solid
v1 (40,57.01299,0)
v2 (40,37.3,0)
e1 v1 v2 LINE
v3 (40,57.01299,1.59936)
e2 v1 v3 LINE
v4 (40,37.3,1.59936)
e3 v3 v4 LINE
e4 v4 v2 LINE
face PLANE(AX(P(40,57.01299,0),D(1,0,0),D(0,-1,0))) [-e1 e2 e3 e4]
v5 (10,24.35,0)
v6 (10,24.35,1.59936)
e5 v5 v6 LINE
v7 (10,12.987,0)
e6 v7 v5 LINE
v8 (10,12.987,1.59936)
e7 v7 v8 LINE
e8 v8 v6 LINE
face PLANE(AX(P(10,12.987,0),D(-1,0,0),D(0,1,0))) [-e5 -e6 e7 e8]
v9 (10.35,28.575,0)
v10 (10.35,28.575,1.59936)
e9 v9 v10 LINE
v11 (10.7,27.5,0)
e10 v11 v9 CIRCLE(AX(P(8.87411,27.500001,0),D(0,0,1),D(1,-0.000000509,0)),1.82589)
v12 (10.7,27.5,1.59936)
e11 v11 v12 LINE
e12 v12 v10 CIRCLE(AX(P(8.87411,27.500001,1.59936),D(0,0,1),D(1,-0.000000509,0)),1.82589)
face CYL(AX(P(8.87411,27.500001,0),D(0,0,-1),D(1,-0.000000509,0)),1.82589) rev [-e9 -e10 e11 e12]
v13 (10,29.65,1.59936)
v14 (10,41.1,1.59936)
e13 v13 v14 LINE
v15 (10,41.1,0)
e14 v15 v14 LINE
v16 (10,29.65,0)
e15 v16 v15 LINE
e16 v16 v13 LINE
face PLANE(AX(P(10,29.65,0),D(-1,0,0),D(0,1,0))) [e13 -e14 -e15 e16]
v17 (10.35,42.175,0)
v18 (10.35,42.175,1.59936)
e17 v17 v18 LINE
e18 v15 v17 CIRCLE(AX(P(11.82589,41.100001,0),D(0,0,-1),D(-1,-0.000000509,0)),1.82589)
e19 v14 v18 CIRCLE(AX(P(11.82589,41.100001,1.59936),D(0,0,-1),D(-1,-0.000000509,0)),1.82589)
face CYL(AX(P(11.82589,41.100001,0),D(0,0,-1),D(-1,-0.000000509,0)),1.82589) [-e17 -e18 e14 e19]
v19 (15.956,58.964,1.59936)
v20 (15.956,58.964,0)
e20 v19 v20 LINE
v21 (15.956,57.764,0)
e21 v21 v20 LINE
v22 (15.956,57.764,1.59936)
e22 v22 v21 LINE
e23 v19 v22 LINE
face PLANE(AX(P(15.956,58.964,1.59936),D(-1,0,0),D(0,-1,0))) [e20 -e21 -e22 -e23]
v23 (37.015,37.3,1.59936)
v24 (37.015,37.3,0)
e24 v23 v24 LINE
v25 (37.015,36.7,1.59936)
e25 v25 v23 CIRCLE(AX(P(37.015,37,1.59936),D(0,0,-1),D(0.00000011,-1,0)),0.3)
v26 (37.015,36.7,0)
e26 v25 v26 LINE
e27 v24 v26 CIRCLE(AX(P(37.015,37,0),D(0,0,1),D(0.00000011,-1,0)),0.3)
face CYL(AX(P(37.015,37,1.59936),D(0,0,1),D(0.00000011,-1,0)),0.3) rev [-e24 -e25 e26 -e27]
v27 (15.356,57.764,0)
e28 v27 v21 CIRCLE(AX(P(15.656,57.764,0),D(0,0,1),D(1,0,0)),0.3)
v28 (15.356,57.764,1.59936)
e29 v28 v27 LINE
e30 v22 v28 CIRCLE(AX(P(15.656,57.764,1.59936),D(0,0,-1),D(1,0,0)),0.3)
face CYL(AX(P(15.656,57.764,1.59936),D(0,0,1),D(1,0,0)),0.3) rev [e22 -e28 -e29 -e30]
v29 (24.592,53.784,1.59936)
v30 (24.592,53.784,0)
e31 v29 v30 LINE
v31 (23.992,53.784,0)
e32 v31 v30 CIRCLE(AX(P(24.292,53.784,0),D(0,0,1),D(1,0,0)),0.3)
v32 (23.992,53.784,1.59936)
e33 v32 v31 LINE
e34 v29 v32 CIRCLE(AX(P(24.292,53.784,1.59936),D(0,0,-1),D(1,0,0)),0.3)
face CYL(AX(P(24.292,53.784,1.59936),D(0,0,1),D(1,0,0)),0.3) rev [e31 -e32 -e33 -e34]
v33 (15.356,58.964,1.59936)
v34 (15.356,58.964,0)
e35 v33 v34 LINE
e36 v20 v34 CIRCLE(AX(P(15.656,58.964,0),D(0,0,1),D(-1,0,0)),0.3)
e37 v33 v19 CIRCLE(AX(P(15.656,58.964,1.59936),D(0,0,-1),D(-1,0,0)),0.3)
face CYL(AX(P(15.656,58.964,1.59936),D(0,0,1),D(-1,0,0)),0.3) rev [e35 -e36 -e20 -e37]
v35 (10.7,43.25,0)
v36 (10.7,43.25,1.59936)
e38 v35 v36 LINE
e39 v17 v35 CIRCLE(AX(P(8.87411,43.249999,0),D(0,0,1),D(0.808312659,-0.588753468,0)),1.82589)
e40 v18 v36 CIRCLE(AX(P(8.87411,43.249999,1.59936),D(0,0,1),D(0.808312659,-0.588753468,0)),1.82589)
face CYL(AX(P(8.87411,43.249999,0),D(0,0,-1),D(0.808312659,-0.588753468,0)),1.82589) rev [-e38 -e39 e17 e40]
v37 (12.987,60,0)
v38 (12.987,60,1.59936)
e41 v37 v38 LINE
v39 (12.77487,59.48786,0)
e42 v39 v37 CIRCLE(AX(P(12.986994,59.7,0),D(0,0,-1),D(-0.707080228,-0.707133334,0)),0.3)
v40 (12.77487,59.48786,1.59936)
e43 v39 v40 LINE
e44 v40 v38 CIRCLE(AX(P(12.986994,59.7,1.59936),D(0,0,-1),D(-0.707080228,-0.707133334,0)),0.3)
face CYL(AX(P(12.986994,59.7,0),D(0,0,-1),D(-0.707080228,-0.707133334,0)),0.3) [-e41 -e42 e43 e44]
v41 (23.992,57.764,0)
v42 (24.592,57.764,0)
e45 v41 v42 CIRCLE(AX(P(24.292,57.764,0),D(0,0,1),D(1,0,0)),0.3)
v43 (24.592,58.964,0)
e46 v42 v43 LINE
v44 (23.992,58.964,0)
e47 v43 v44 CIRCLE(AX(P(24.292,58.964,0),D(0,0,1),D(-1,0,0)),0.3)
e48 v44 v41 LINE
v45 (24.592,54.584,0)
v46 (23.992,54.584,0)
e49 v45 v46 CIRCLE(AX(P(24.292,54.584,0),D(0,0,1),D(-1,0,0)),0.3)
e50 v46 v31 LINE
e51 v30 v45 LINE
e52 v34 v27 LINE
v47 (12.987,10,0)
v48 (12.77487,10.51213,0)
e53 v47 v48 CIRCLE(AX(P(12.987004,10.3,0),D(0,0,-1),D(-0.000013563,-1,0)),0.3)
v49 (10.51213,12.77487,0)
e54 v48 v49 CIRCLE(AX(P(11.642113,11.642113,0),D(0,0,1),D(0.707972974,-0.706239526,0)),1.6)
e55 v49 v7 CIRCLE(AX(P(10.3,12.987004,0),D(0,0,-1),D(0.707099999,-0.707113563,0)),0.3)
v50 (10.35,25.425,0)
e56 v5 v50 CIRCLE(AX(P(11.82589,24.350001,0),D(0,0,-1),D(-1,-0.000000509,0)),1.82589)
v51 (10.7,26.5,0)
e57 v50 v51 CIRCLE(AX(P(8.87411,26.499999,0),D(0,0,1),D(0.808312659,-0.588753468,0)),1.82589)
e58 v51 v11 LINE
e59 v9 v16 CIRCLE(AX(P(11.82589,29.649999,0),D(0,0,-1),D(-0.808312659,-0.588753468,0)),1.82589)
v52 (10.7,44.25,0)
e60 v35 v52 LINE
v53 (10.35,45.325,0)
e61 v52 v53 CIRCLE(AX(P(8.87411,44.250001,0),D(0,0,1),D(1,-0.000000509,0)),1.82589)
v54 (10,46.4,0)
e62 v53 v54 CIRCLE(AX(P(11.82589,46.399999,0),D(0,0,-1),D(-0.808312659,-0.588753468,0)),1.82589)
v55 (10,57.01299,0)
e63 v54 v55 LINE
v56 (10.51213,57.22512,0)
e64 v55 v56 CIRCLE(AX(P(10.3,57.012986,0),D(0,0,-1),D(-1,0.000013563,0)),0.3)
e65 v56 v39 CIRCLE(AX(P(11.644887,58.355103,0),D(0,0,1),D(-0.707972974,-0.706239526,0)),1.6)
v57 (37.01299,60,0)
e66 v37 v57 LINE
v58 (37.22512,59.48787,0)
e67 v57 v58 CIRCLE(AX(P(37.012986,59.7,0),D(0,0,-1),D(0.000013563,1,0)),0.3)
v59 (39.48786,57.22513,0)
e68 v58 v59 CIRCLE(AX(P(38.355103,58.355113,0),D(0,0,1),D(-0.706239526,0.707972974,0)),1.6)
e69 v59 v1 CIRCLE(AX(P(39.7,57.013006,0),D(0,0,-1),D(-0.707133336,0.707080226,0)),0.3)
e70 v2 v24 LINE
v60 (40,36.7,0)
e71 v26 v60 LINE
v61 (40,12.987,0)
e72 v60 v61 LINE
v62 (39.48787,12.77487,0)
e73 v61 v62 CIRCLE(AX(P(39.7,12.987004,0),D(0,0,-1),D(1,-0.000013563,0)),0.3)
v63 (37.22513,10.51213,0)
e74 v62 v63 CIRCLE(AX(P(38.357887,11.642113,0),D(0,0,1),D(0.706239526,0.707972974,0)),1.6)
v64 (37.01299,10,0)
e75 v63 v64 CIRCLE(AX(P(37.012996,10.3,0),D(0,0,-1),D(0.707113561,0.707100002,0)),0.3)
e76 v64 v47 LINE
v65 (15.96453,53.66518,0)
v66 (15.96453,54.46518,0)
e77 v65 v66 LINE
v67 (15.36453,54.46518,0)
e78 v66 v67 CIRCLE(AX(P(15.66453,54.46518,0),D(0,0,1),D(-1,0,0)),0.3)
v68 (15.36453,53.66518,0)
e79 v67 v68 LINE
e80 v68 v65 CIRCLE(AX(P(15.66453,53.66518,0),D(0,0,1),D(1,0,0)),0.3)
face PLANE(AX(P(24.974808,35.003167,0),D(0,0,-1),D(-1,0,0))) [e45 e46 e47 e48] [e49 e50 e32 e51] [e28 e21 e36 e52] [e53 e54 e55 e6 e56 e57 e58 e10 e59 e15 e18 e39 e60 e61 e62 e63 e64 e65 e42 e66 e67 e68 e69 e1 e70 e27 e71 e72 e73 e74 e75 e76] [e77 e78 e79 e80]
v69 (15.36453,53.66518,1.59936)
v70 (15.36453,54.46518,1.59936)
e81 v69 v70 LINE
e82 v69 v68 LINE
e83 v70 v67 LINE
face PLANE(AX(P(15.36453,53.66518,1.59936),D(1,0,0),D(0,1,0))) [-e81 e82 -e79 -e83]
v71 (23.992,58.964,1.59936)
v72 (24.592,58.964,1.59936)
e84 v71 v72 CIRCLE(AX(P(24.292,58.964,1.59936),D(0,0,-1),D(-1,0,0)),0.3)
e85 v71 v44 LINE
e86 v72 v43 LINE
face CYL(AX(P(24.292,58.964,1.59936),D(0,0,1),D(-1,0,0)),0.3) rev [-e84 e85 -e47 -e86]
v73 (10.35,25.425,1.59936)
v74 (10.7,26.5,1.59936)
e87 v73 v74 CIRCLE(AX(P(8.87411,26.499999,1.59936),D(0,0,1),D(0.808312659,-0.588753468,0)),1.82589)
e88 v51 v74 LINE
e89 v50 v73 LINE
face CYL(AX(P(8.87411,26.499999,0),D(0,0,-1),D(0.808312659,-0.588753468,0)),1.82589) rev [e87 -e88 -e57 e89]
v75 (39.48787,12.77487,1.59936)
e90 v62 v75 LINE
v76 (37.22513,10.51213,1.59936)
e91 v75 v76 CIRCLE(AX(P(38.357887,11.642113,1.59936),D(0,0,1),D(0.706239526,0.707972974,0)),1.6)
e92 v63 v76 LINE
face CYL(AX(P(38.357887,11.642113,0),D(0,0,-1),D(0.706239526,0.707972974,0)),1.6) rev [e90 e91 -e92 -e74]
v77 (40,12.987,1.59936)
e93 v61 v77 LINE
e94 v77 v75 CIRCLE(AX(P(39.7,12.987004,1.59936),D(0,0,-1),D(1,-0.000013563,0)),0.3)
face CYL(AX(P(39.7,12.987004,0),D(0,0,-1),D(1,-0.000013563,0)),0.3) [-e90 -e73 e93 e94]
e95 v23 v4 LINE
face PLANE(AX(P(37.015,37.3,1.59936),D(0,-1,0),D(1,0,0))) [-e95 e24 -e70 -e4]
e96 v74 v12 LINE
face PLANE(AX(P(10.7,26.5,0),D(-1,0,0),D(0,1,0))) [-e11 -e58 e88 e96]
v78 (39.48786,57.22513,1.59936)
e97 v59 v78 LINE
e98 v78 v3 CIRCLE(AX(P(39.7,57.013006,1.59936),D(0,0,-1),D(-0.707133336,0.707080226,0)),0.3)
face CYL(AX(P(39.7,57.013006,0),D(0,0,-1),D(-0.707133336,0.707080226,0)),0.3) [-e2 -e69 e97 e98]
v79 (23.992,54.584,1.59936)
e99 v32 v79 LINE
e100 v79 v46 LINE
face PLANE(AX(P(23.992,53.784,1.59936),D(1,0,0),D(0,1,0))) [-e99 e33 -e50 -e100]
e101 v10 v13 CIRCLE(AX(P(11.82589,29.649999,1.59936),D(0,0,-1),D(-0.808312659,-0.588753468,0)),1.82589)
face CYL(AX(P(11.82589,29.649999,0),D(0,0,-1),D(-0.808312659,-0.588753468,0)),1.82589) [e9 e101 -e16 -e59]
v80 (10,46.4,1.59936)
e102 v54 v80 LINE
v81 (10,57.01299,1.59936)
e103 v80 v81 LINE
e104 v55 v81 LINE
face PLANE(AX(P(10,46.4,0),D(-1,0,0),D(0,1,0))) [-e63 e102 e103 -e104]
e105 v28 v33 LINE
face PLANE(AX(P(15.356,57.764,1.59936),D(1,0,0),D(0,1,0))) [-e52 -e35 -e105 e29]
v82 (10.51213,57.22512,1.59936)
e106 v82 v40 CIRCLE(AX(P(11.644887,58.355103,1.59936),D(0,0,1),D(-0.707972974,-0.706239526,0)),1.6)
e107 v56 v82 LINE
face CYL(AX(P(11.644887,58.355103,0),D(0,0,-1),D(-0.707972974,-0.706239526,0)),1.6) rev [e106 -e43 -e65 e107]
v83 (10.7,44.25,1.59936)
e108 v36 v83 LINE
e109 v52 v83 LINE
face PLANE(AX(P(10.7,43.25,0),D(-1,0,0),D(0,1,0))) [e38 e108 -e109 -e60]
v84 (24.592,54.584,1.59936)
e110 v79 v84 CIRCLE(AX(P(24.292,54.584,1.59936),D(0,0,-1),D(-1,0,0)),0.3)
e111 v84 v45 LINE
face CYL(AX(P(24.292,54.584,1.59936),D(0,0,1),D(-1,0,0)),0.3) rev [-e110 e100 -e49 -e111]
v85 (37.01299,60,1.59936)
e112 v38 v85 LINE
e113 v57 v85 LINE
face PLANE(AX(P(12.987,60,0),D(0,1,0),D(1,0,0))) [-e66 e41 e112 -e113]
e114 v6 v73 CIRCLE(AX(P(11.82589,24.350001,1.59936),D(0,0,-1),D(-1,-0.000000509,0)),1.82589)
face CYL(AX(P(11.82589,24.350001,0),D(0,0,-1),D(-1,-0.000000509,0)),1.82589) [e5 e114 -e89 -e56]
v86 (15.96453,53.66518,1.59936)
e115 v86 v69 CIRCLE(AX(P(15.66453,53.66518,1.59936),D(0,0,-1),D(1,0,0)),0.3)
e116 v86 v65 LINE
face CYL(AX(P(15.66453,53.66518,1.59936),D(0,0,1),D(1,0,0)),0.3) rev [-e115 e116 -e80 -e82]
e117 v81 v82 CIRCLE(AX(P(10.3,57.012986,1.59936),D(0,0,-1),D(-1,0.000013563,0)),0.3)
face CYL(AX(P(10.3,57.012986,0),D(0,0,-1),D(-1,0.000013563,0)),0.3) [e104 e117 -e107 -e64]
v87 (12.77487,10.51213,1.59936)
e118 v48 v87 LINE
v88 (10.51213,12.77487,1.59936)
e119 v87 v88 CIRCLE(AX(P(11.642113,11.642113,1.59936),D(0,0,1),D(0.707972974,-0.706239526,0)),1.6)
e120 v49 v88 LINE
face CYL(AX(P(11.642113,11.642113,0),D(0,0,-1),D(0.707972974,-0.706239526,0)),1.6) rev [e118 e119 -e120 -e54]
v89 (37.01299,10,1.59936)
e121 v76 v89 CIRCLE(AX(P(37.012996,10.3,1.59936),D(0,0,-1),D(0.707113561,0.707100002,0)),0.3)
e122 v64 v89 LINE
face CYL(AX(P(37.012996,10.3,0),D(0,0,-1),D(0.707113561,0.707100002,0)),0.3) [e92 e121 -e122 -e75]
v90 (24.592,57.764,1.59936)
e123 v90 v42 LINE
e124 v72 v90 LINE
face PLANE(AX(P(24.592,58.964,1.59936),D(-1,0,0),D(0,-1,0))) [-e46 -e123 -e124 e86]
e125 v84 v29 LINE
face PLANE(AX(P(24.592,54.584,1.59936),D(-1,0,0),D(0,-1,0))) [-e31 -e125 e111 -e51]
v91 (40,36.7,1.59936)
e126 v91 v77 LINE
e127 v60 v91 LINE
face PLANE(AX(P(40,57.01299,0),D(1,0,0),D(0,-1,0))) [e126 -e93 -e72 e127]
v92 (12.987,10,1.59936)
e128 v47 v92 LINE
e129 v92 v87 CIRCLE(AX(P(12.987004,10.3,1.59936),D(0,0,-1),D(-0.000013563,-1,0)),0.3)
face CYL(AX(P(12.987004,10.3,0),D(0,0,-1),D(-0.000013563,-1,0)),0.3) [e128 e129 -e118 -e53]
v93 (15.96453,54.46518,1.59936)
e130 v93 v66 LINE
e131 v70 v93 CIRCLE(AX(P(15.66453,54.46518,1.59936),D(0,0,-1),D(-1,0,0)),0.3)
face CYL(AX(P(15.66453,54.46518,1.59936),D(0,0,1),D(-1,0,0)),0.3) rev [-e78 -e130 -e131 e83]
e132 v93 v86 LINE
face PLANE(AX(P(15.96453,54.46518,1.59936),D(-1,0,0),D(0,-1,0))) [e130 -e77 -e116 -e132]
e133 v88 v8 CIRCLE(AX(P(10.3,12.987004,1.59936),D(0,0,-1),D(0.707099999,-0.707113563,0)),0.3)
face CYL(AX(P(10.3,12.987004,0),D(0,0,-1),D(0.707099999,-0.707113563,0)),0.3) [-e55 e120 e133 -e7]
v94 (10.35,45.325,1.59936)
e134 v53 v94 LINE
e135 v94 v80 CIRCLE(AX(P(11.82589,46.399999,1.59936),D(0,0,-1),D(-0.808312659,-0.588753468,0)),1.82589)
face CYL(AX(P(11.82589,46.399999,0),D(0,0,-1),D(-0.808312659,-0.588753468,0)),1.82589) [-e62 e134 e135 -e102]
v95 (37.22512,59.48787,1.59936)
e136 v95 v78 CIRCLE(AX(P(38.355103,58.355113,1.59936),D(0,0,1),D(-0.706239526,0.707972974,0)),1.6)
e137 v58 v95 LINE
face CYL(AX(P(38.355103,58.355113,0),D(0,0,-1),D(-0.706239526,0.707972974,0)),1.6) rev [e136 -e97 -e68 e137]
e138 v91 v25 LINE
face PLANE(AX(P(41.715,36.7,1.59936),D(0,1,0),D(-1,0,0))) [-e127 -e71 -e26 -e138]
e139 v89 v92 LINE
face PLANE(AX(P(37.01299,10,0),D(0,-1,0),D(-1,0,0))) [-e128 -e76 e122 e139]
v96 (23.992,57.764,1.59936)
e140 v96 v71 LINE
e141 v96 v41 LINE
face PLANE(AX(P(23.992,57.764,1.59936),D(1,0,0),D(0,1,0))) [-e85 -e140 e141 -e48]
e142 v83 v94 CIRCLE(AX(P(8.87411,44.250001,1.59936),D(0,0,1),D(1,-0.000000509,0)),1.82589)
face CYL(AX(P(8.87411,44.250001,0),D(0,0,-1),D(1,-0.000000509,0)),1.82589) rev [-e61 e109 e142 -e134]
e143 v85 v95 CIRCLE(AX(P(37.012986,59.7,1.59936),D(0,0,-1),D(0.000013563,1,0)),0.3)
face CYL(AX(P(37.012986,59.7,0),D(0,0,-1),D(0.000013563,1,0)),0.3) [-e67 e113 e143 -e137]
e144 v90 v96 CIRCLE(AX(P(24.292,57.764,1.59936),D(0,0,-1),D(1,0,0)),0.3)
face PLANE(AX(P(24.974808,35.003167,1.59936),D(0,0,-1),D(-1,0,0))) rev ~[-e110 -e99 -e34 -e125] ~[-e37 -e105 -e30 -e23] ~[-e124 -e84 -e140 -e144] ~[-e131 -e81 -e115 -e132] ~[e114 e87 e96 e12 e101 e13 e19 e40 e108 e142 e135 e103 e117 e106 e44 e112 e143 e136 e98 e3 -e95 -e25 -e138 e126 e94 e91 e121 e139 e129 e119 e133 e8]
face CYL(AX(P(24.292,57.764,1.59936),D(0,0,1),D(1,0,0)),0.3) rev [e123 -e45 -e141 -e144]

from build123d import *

# Parameters (mm, degrees)
BOARD_DEPTH        = 1.59936
CUT_EXTRUDE2_DEPTH = 2.59936
CUT_EXTRUDE3_DEPTH = 2.59936


with BuildPart() as part:
    # Sketch1 → Board (new body)
    with BuildSketch(Plane.XY):
        with BuildLine():
            Line((10, 12.987), (10, 24.35))
            ThreePointArc((10, 24.35), (10.089703362, 24.915270998), (10.35, 25.425))
            ThreePointArc((10.35, 25.425), (10.610296638, 25.934729002), (10.7, 26.5))
            Line((10.7, 26.5), (10.7, 27.5))
            ThreePointArc((10.7, 27.5), (10.610296638, 28.065270998), (10.35, 28.575))
            ThreePointArc((10.35, 28.575), (10.089703362, 29.084729002), (10, 29.65))
            Line((10, 29.65), (10, 41.1))
            ThreePointArc((10, 41.1), (10.089703362, 41.665270998), (10.35, 42.175))
            ThreePointArc((10.35, 42.175), (10.610296638, 42.684729002), (10.7, 43.25))
            Line((10.7, 43.25), (10.7, 44.25))
            ThreePointArc((10.7, 44.25), (10.610296638, 44.815270998), (10.35, 45.325))
            ThreePointArc((10.35, 45.325), (10.089703362, 45.834729002), (10, 46.4))
            Line((10, 46.4), (10, 57.01299))
            ThreePointArc((10, 57.01299), (10.185195521, 57.290150019), (10.51213, 57.22512))
            ThreePointArc((10.51213, 57.22512), (12.776257609, 57.223732391), (12.77487, 59.48786))
            ThreePointArc((12.77487, 59.48786), (12.709829188, 59.814802566), (12.987, 60))
            Line((12.987, 60), (37.01299, 60))
            ThreePointArc((37.01299, 60), (37.290150019, 59.814804479), (37.22512, 59.48787))
            ThreePointArc((37.22512, 59.48787), (37.223732391, 57.223742391), (39.48786, 57.22513))
            ThreePointArc((39.48786, 57.22513), (39.814807186, 57.290168899), (40, 57.01299))
            Line((40, 57.01299), (40, 12.987))
            ThreePointArc((40, 12.987), (39.814804479, 12.709839981), (39.48787, 12.77487))
            ThreePointArc((39.48787, 12.77487), (37.226515909, 12.773484091), (37.22513, 10.51213))
            ThreePointArc((37.22513, 10.51213), (37.290158106, 10.185190901), (37.01299, 10))
            Line((37.01299, 10), (12.987, 10))
            ThreePointArc((12.987, 10), (12.709839981, 10.185195521), (12.77487, 10.51213))
            ThreePointArc((12.77487, 10.51213), (12.773484091, 12.773484091), (10.51213, 12.77487))
            ThreePointArc((10.51213, 12.77487), (10.185195521, 12.709839981), (10, 12.987))
        make_face()
    extrude(amount=BOARD_DEPTH)

    # Sketch17 → Cut-Extrude2 (cut, through all)
    with BuildSketch(Plane.XY.offset(1.59936)):
        with BuildLine():
            Line((24.592, 58.964), (24.592, 57.764))
            ThreePointArc((24.592, 57.764), (24.292, 57.464), (23.992, 57.764))
            Line((23.992, 57.764), (23.992, 58.964))
            ThreePointArc((23.992, 58.964), (24.292, 59.264), (24.592, 58.964))
        make_face()
        with BuildLine():
            Line((24.592, 54.584), (24.592, 53.784))
            ThreePointArc((24.592, 53.784), (24.292, 53.484), (23.992, 53.784))
            Line((23.992, 53.784), (23.992, 54.584))
            ThreePointArc((23.992, 54.584), (24.292, 54.884), (24.592, 54.584))
        make_face()
        with BuildLine():
            Line((15.96453, 54.46518), (15.96453, 53.66518))
            ThreePointArc((15.96453, 53.66518), (15.66453, 53.36518), (15.36453, 53.66518))
            Line((15.36453, 53.66518), (15.36453, 54.46518))
            ThreePointArc((15.36453, 54.46518), (15.66453, 54.76518), (15.96453, 54.46518))
        make_face()
        with BuildLine():
            Line((15.956, 58.964), (15.956, 57.764))
            ThreePointArc((15.956, 57.764), (15.656, 57.464), (15.356, 57.764))
            Line((15.356, 57.764), (15.356, 58.964))
            ThreePointArc((15.356, 58.964), (15.656, 59.264), (15.956, 58.964))
        make_face()
    extrude(amount=-CUT_EXTRUDE2_DEPTH, mode=Mode.SUBTRACT)

    # Sketch18 → Cut-Extrude3 (cut, through all)
    with BuildSketch(Plane.XY.offset(1.59936)):
        with BuildLine():
            Line((37.015, 37.3), (41.715, 37.3))
            Line((41.715, 37.3), (41.715, 36.7))
            Line((41.715, 36.7), (37.015, 36.7))
            ThreePointArc((37.015, 36.7), (36.714999967, 37), (37.015, 37.3))
        make_face()
    extrude(amount=-CUT_EXTRUDE3_DEPTH, mode=Mode.SUBTRACT)


solid = part.part
